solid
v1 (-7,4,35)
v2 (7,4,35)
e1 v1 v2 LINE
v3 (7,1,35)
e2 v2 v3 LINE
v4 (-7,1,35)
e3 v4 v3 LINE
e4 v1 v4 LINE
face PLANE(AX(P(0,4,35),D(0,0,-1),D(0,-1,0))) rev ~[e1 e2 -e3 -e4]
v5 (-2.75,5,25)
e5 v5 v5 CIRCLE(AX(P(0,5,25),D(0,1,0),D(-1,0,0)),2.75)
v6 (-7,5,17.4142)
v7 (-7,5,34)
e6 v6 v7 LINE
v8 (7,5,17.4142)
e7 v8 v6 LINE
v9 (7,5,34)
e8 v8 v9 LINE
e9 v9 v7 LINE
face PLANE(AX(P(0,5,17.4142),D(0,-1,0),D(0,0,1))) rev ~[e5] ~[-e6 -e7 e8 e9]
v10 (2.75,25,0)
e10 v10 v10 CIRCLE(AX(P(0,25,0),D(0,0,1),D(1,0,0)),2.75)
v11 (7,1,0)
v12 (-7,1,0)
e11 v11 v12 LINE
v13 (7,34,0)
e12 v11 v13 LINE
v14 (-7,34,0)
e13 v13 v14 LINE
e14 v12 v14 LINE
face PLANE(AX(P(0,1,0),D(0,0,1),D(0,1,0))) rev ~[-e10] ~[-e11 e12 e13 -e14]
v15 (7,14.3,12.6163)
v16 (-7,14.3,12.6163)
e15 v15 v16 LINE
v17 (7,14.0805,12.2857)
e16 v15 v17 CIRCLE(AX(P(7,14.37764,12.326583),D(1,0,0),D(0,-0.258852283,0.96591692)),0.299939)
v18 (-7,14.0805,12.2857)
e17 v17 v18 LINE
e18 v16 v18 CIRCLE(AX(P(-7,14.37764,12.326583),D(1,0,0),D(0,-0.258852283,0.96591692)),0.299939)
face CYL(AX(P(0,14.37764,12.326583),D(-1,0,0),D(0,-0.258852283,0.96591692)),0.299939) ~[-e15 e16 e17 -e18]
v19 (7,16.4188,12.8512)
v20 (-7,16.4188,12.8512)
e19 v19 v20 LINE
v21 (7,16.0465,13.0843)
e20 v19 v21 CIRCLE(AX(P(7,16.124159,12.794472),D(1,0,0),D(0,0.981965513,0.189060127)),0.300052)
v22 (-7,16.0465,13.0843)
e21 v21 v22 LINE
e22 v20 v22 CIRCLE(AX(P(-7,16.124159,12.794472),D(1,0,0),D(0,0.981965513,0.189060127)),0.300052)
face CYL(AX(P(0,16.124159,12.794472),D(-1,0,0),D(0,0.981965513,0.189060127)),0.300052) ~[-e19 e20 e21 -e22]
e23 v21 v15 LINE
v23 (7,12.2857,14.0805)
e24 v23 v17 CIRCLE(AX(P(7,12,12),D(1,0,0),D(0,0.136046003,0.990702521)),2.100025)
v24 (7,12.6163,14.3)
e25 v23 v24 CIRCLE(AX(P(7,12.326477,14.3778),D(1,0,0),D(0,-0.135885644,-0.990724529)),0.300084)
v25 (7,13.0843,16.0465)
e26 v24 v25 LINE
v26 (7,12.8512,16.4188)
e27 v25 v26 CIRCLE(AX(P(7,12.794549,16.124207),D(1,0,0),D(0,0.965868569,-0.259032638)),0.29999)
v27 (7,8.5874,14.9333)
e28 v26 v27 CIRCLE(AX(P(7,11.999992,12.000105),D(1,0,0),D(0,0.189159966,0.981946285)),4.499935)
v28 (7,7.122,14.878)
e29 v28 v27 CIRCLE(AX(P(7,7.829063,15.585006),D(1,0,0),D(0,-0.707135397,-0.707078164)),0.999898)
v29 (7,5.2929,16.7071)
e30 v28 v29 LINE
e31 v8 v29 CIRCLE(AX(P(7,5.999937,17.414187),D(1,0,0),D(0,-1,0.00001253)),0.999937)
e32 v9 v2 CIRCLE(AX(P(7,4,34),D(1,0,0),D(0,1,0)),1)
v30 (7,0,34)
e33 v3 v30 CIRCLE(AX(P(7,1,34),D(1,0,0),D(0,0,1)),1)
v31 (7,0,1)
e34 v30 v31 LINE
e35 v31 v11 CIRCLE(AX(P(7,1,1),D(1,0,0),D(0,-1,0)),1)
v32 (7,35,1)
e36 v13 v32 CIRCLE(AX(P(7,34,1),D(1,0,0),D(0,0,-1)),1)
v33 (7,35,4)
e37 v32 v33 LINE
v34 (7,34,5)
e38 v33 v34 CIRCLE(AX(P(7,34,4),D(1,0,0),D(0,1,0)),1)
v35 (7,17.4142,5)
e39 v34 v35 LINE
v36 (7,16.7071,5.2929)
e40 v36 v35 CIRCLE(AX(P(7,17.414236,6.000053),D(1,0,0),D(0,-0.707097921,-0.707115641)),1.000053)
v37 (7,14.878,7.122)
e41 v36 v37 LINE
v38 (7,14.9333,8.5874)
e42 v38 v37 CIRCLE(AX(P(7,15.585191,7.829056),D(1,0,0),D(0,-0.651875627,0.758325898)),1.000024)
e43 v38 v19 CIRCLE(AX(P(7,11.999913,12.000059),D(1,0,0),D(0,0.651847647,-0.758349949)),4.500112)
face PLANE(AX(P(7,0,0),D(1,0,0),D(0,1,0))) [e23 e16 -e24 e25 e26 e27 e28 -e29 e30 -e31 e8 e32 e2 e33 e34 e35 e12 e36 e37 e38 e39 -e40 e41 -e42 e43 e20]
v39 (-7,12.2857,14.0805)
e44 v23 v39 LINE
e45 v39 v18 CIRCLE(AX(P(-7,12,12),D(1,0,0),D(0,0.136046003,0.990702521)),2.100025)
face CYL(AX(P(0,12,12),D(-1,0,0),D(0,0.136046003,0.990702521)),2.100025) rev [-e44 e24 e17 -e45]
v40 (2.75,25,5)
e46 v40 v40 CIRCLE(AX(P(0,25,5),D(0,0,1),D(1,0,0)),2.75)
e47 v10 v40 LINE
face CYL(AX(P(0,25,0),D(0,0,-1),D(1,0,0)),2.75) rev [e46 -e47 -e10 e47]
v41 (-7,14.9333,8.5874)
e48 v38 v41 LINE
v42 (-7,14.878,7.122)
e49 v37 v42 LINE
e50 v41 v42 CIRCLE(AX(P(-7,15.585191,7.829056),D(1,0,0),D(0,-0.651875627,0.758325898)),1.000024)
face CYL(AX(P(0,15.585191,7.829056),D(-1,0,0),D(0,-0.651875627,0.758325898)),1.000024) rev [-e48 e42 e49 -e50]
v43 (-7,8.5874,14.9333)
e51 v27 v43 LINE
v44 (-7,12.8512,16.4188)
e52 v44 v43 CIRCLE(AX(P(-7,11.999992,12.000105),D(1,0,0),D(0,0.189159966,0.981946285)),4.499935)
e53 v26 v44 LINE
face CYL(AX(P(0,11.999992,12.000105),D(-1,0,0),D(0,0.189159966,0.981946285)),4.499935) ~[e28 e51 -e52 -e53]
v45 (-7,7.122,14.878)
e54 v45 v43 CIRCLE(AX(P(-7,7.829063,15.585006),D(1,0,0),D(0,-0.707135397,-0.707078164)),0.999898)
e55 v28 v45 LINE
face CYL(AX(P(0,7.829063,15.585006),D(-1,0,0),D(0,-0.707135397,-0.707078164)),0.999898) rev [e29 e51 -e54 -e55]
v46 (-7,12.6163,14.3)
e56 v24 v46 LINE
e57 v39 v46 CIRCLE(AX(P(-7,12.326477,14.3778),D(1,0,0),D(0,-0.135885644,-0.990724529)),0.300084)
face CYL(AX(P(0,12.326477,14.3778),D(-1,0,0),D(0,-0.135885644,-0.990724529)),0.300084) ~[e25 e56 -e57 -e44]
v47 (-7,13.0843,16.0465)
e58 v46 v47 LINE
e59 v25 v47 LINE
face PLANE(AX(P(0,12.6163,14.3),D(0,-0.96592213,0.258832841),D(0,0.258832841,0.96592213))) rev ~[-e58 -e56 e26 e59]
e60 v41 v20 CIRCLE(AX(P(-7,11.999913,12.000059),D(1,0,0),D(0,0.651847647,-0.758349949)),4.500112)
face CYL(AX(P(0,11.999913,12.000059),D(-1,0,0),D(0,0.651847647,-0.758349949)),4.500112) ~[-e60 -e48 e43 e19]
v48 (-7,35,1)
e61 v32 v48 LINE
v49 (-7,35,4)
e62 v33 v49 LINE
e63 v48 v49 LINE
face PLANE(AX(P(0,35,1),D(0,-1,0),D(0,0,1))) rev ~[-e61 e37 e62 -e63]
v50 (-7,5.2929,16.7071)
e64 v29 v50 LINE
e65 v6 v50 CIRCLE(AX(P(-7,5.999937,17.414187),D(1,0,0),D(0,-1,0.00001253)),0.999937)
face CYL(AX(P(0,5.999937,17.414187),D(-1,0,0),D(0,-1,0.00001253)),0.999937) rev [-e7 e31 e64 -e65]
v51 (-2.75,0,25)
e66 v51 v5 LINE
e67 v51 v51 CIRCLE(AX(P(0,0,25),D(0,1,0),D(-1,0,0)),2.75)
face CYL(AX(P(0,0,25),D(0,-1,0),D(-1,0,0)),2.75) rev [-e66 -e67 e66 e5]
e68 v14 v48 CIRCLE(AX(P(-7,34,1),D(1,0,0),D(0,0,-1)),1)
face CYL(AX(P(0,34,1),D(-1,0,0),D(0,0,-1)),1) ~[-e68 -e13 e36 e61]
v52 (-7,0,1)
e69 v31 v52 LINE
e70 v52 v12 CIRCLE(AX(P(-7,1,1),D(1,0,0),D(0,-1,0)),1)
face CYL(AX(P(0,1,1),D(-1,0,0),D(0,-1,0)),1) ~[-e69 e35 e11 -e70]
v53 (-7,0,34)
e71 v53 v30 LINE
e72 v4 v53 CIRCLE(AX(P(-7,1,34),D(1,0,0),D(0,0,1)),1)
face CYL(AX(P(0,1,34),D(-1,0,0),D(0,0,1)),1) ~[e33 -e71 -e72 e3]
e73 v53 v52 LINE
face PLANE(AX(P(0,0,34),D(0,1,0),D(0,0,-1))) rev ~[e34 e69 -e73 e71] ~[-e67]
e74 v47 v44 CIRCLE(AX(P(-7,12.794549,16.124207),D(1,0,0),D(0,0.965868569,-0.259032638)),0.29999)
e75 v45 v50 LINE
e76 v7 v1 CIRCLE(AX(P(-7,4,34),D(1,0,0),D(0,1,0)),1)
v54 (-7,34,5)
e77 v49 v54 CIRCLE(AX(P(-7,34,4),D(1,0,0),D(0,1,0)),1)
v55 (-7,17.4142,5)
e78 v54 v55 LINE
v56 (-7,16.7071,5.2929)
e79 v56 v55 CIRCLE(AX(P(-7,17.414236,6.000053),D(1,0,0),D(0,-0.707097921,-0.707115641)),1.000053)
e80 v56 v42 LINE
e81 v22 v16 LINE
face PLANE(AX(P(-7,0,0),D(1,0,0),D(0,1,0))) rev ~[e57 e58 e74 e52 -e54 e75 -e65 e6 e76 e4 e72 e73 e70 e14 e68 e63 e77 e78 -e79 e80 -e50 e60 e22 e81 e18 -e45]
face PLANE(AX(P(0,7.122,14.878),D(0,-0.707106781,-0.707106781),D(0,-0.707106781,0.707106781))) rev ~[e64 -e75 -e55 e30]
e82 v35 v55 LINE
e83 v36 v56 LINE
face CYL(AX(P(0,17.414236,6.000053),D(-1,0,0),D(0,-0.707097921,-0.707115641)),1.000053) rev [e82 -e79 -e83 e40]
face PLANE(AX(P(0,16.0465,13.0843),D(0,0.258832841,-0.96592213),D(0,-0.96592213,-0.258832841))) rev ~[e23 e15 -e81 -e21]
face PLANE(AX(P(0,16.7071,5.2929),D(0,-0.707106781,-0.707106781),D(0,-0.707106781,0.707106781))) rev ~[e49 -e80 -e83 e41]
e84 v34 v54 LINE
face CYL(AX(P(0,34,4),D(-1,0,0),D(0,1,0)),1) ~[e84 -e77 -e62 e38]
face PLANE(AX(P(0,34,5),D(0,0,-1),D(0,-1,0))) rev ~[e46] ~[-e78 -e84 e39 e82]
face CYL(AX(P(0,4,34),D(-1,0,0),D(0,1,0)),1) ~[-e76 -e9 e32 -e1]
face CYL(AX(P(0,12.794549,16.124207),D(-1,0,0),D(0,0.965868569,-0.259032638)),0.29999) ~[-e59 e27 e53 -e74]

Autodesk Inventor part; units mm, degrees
sketch "Sketch_1" plane through (0, 0, 0) normal (1, 0, 0) x (0, 1, 0)
  line L0 (4, 35) -> (1, 35)
  arc A0 (1, 35) -> (0, 34) centre (1, 34) ccw
  line L1 (0, 34) -> (0, 1)
  arc A1 (0, 1) -> (1, 0) centre (1, 1) ccw
  line L2 (1, 0) -> (34, 0)
  arc A2 (34, 0) -> (35, 1) centre (34, 1) ccw
  line L3 (35, 1) -> (35, 4)
  arc A3 (35, 4) -> (34, 5) centre (34, 4) ccw
  line L4 (34, 5) -> (17.4142, 5)
  arc A4 (16.7071, 5.2929) -> (17.4142, 5) centre (17.4142, 6) ccw
  line L5 (16.7071, 5.2929) -> (14.878, 7.122)
  arc A5 (14.9333, 8.5874) -> (14.878, 7.122) centre (15.5851, 7.8291) ccw
  arc A6 (14.9333, 8.5874) -> (16.4188, 12.8512) centre (12, 12) ccw
  arc A7 (16.4188, 12.8512) -> (16.0465, 13.0843) centre (16.1242, 12.7945) ccw
  line L6 (16.0465, 13.0843) -> (14.3, 12.6163)
  arc A8 (14.3, 12.6163) -> (14.0805, 12.2857) centre (14.3777, 12.3265) ccw
  arc A9 (12.2857, 14.0805) -> (14.0805, 12.2857) centre (12, 12) ccw
  arc A10 (12.2857, 14.0805) -> (12.6163, 14.3) centre (12.3265, 14.3777) ccw
  line L7 (12.6163, 14.3) -> (13.0843, 16.0465)
  arc A11 (13.0843, 16.0465) -> (12.8512, 16.4188) centre (12.7945, 16.1242) ccw
  arc A12 (12.8512, 16.4188) -> (8.5874, 14.9333) centre (12, 12) ccw
  arc A13 (7.122, 14.878) -> (8.5874, 14.9333) centre (7.8291, 15.5851) ccw
  line L8 (7.122, 14.878) -> (5.2929, 16.7071)
  arc A14 (5, 17.4142) -> (5.2929, 16.7071) centre (6, 17.4142) ccw
  line L9 (5, 17.4142) -> (5, 34)
  arc A15 (5, 34) -> (4, 35) centre (4, 34) ccw
extrude "Extrusion1" add sketch "Sketch_1" along normal mid plane 14
sketch "Sketch_2" plane through (0, 0, 0) normal (0, 0, 1) x (1, 0, 0)
  circle A0 centre (0, 25) radius 2.75
extrude "Extrusion2" cut sketch "Sketch_2" along normal mid plane 10
sketch "Sketch_3" plane through (0, 0, 0) normal (0, 1, 0) x (-1, 0, 0)
  circle A0 centre (0, 25) radius 2.75
extrude "Extrusion3" cut sketch "Sketch_3" along normal mid plane 10
ref_plane "bracket_to_dummy_XY" through (0, 0, 0) normal (0, 1, 0) x (1, 0, 0)
ref_plane "bracket_to_dummy_YZ" through (0, 0, 0) normal (1, 0, 0) x (0, 0, -1)
ref_plane "bracket_to_dummy_ZX" through (0, 0, 0) normal (0, 0, -1) x (0, 1, 0)
ref_plane "to_bolt_1_6_XY" through (0, 25, 5) normal (0, 0, 1) x (1, 0, 0)
ref_plane "to_bolt_1_6_YZ" through (0, 25, 5) normal (1, 0, 0) x (0, 1, 0)
ref_plane "to_bolt_1_6_ZX" through (0, 25, 5) normal (0, 1, 0) x (0, 0, 1)
ref_plane "to_bolt_1_6_base_XY" through (0, 5, 25) normal (0, 1, 0) x (1, 0, 0)
ref_plane "to_bolt_1_6_base_YZ" through (0, 5, 25) normal (1, 0, 0) x (0, 0, -1)
ref_plane "to_bolt_1_6_base_ZX" through (0, 5, 25) normal (0, 0, -1) x (0, 1, 0)
ref_plane "to_nut_1_6_XY" through (0, 25, -2) normal (0, 0, 1) x (1, 0, 0)
ref_plane "to_nut_1_6_YZ" through (0, 25, -2) normal (1, 0, 0) x (0, 1, 0)
ref_plane "to_nut_1_6_ZX" through (0, 25, -2) normal (0, 1, 0) x (0, 0, 1)
ref_plane "to_nut_1_6_base_XY" through (0, -2, 25) normal (0, 1, 0) x (1, 0, 0)
ref_plane "to_nut_1_6_base_YZ" through (0, -2, 25) normal (1, 0, 0) x (0, 0, -1)
ref_plane "to_nut_1_6_base_ZX" through (0, -2, 25) normal (0, 0, -1) x (0, 1, 0)
ref_plane "to_screw_XY" through (0, 5, 25) normal (0, 1, 0) x (1, 0, 0)
ref_plane "to_screw_YZ" through (0, 5, 25) normal (1, 0, 0) x (0, 0, -1)
ref_plane "to_screw_ZX" through (0, 5, 25) normal (0, 0, -1) x (0, 1, 0)
ref_plane "to_screw10_XY" through (0, 5, 25) normal (0, 1, 0) x (1, 0, 0)
ref_plane "to_screw10_YZ" through (0, 5, 25) normal (1, 0, 0) x (0, 0, -1)
ref_plane "to_screw10_ZX" through (0, 5, 25) normal (0, 0, -1) x (0, 1, 0)
ref_plane "to_screw2_XY" through (0, 5, 25) normal (0, 1, 0) x (1, 0, 0)
ref_plane "to_screw2_YZ" through (0, 5, 25) normal (1, 0, 0) x (0, 0, -1)
ref_plane "to_screw2_ZX" through (0, 5, 25) normal (0, 0, -1) x (0, 1, 0)
ref_plane "to_screw3_XY" through (0, 25, 5) normal (0, 0, 1) x (1, 0, 0)
ref_plane "to_screw3_YZ" through (0, 25, 5) normal (1, 0, 0) x (0, 1, 0)
ref_plane "to_screw3_ZX" through (0, 25, 5) normal (0, 1, 0) x (0, 0, 1)
ref_plane "to_screw4_XY" through (0, 25, 5) normal (0, 0, 1) x (1, 0, 0)
ref_plane "to_screw4_YZ" through (0, 25, 5) normal (1, 0, 0) x (0, 1, 0)
ref_plane "to_screw4_ZX" through (0, 25, 5) normal (0, 1, 0) x (0, 0, 1)
ref_plane "to_screw5_XY" through (0, 5, 25) normal (0, 1, 0) x (1, 0, 0)
ref_plane "to_screw5_YZ" through (0, 5, 25) normal (1, 0, 0) x (0, 0, -1)
ref_plane "to_screw5_ZX" through (0, 5, 25) normal (0, 0, -1) x (0, 1, 0)
ref_plane "to_screw6_XY" through (0, 5, 25) normal (0, 1, 0) x (1, 0, 0)
ref_plane "to_screw6_YZ" through (0, 5, 25) normal (1, 0, 0) x (0, 0, -1)
ref_plane "to_screw6_ZX" through (0, 5, 25) normal (0, 0, -1) x (0, 1, 0)
ref_plane "to_screw7_XY" through (0, 25, 5) normal (0, 0, 1) x (1, 0, 0)
ref_plane "to_screw7_YZ" through (0, 25, 5) normal (1, 0, 0) x (0, 1, 0)
ref_plane "to_screw7_ZX" through (0, 25, 5) normal (0, 1, 0) x (0, 0, 1)
ref_plane "to_screw8_XY" through (0, 25, 5) normal (0, 0, 1) x (1, 0, 0)
ref_plane "to_screw8_YZ" through (0, 25, 5) normal (1, 0, 0) x (0, 1, 0)
ref_plane "to_screw8_ZX" through (0, 25, 5) normal (0, 1, 0) x (0, 0, 1)
ref_plane "to_screw9_XY" through (0, 25, 5) normal (0, 0, 1) x (1, 0, 0)
ref_plane "to_screw9_YZ" through (0, 25, 5) normal (1, 0, 0) x (0, 1, 0)
ref_plane "to_screw9_ZX" through (0, 25, 5) normal (0, 1, 0) x (0, 0, 1)
properties part number "NBLTS5_b"
